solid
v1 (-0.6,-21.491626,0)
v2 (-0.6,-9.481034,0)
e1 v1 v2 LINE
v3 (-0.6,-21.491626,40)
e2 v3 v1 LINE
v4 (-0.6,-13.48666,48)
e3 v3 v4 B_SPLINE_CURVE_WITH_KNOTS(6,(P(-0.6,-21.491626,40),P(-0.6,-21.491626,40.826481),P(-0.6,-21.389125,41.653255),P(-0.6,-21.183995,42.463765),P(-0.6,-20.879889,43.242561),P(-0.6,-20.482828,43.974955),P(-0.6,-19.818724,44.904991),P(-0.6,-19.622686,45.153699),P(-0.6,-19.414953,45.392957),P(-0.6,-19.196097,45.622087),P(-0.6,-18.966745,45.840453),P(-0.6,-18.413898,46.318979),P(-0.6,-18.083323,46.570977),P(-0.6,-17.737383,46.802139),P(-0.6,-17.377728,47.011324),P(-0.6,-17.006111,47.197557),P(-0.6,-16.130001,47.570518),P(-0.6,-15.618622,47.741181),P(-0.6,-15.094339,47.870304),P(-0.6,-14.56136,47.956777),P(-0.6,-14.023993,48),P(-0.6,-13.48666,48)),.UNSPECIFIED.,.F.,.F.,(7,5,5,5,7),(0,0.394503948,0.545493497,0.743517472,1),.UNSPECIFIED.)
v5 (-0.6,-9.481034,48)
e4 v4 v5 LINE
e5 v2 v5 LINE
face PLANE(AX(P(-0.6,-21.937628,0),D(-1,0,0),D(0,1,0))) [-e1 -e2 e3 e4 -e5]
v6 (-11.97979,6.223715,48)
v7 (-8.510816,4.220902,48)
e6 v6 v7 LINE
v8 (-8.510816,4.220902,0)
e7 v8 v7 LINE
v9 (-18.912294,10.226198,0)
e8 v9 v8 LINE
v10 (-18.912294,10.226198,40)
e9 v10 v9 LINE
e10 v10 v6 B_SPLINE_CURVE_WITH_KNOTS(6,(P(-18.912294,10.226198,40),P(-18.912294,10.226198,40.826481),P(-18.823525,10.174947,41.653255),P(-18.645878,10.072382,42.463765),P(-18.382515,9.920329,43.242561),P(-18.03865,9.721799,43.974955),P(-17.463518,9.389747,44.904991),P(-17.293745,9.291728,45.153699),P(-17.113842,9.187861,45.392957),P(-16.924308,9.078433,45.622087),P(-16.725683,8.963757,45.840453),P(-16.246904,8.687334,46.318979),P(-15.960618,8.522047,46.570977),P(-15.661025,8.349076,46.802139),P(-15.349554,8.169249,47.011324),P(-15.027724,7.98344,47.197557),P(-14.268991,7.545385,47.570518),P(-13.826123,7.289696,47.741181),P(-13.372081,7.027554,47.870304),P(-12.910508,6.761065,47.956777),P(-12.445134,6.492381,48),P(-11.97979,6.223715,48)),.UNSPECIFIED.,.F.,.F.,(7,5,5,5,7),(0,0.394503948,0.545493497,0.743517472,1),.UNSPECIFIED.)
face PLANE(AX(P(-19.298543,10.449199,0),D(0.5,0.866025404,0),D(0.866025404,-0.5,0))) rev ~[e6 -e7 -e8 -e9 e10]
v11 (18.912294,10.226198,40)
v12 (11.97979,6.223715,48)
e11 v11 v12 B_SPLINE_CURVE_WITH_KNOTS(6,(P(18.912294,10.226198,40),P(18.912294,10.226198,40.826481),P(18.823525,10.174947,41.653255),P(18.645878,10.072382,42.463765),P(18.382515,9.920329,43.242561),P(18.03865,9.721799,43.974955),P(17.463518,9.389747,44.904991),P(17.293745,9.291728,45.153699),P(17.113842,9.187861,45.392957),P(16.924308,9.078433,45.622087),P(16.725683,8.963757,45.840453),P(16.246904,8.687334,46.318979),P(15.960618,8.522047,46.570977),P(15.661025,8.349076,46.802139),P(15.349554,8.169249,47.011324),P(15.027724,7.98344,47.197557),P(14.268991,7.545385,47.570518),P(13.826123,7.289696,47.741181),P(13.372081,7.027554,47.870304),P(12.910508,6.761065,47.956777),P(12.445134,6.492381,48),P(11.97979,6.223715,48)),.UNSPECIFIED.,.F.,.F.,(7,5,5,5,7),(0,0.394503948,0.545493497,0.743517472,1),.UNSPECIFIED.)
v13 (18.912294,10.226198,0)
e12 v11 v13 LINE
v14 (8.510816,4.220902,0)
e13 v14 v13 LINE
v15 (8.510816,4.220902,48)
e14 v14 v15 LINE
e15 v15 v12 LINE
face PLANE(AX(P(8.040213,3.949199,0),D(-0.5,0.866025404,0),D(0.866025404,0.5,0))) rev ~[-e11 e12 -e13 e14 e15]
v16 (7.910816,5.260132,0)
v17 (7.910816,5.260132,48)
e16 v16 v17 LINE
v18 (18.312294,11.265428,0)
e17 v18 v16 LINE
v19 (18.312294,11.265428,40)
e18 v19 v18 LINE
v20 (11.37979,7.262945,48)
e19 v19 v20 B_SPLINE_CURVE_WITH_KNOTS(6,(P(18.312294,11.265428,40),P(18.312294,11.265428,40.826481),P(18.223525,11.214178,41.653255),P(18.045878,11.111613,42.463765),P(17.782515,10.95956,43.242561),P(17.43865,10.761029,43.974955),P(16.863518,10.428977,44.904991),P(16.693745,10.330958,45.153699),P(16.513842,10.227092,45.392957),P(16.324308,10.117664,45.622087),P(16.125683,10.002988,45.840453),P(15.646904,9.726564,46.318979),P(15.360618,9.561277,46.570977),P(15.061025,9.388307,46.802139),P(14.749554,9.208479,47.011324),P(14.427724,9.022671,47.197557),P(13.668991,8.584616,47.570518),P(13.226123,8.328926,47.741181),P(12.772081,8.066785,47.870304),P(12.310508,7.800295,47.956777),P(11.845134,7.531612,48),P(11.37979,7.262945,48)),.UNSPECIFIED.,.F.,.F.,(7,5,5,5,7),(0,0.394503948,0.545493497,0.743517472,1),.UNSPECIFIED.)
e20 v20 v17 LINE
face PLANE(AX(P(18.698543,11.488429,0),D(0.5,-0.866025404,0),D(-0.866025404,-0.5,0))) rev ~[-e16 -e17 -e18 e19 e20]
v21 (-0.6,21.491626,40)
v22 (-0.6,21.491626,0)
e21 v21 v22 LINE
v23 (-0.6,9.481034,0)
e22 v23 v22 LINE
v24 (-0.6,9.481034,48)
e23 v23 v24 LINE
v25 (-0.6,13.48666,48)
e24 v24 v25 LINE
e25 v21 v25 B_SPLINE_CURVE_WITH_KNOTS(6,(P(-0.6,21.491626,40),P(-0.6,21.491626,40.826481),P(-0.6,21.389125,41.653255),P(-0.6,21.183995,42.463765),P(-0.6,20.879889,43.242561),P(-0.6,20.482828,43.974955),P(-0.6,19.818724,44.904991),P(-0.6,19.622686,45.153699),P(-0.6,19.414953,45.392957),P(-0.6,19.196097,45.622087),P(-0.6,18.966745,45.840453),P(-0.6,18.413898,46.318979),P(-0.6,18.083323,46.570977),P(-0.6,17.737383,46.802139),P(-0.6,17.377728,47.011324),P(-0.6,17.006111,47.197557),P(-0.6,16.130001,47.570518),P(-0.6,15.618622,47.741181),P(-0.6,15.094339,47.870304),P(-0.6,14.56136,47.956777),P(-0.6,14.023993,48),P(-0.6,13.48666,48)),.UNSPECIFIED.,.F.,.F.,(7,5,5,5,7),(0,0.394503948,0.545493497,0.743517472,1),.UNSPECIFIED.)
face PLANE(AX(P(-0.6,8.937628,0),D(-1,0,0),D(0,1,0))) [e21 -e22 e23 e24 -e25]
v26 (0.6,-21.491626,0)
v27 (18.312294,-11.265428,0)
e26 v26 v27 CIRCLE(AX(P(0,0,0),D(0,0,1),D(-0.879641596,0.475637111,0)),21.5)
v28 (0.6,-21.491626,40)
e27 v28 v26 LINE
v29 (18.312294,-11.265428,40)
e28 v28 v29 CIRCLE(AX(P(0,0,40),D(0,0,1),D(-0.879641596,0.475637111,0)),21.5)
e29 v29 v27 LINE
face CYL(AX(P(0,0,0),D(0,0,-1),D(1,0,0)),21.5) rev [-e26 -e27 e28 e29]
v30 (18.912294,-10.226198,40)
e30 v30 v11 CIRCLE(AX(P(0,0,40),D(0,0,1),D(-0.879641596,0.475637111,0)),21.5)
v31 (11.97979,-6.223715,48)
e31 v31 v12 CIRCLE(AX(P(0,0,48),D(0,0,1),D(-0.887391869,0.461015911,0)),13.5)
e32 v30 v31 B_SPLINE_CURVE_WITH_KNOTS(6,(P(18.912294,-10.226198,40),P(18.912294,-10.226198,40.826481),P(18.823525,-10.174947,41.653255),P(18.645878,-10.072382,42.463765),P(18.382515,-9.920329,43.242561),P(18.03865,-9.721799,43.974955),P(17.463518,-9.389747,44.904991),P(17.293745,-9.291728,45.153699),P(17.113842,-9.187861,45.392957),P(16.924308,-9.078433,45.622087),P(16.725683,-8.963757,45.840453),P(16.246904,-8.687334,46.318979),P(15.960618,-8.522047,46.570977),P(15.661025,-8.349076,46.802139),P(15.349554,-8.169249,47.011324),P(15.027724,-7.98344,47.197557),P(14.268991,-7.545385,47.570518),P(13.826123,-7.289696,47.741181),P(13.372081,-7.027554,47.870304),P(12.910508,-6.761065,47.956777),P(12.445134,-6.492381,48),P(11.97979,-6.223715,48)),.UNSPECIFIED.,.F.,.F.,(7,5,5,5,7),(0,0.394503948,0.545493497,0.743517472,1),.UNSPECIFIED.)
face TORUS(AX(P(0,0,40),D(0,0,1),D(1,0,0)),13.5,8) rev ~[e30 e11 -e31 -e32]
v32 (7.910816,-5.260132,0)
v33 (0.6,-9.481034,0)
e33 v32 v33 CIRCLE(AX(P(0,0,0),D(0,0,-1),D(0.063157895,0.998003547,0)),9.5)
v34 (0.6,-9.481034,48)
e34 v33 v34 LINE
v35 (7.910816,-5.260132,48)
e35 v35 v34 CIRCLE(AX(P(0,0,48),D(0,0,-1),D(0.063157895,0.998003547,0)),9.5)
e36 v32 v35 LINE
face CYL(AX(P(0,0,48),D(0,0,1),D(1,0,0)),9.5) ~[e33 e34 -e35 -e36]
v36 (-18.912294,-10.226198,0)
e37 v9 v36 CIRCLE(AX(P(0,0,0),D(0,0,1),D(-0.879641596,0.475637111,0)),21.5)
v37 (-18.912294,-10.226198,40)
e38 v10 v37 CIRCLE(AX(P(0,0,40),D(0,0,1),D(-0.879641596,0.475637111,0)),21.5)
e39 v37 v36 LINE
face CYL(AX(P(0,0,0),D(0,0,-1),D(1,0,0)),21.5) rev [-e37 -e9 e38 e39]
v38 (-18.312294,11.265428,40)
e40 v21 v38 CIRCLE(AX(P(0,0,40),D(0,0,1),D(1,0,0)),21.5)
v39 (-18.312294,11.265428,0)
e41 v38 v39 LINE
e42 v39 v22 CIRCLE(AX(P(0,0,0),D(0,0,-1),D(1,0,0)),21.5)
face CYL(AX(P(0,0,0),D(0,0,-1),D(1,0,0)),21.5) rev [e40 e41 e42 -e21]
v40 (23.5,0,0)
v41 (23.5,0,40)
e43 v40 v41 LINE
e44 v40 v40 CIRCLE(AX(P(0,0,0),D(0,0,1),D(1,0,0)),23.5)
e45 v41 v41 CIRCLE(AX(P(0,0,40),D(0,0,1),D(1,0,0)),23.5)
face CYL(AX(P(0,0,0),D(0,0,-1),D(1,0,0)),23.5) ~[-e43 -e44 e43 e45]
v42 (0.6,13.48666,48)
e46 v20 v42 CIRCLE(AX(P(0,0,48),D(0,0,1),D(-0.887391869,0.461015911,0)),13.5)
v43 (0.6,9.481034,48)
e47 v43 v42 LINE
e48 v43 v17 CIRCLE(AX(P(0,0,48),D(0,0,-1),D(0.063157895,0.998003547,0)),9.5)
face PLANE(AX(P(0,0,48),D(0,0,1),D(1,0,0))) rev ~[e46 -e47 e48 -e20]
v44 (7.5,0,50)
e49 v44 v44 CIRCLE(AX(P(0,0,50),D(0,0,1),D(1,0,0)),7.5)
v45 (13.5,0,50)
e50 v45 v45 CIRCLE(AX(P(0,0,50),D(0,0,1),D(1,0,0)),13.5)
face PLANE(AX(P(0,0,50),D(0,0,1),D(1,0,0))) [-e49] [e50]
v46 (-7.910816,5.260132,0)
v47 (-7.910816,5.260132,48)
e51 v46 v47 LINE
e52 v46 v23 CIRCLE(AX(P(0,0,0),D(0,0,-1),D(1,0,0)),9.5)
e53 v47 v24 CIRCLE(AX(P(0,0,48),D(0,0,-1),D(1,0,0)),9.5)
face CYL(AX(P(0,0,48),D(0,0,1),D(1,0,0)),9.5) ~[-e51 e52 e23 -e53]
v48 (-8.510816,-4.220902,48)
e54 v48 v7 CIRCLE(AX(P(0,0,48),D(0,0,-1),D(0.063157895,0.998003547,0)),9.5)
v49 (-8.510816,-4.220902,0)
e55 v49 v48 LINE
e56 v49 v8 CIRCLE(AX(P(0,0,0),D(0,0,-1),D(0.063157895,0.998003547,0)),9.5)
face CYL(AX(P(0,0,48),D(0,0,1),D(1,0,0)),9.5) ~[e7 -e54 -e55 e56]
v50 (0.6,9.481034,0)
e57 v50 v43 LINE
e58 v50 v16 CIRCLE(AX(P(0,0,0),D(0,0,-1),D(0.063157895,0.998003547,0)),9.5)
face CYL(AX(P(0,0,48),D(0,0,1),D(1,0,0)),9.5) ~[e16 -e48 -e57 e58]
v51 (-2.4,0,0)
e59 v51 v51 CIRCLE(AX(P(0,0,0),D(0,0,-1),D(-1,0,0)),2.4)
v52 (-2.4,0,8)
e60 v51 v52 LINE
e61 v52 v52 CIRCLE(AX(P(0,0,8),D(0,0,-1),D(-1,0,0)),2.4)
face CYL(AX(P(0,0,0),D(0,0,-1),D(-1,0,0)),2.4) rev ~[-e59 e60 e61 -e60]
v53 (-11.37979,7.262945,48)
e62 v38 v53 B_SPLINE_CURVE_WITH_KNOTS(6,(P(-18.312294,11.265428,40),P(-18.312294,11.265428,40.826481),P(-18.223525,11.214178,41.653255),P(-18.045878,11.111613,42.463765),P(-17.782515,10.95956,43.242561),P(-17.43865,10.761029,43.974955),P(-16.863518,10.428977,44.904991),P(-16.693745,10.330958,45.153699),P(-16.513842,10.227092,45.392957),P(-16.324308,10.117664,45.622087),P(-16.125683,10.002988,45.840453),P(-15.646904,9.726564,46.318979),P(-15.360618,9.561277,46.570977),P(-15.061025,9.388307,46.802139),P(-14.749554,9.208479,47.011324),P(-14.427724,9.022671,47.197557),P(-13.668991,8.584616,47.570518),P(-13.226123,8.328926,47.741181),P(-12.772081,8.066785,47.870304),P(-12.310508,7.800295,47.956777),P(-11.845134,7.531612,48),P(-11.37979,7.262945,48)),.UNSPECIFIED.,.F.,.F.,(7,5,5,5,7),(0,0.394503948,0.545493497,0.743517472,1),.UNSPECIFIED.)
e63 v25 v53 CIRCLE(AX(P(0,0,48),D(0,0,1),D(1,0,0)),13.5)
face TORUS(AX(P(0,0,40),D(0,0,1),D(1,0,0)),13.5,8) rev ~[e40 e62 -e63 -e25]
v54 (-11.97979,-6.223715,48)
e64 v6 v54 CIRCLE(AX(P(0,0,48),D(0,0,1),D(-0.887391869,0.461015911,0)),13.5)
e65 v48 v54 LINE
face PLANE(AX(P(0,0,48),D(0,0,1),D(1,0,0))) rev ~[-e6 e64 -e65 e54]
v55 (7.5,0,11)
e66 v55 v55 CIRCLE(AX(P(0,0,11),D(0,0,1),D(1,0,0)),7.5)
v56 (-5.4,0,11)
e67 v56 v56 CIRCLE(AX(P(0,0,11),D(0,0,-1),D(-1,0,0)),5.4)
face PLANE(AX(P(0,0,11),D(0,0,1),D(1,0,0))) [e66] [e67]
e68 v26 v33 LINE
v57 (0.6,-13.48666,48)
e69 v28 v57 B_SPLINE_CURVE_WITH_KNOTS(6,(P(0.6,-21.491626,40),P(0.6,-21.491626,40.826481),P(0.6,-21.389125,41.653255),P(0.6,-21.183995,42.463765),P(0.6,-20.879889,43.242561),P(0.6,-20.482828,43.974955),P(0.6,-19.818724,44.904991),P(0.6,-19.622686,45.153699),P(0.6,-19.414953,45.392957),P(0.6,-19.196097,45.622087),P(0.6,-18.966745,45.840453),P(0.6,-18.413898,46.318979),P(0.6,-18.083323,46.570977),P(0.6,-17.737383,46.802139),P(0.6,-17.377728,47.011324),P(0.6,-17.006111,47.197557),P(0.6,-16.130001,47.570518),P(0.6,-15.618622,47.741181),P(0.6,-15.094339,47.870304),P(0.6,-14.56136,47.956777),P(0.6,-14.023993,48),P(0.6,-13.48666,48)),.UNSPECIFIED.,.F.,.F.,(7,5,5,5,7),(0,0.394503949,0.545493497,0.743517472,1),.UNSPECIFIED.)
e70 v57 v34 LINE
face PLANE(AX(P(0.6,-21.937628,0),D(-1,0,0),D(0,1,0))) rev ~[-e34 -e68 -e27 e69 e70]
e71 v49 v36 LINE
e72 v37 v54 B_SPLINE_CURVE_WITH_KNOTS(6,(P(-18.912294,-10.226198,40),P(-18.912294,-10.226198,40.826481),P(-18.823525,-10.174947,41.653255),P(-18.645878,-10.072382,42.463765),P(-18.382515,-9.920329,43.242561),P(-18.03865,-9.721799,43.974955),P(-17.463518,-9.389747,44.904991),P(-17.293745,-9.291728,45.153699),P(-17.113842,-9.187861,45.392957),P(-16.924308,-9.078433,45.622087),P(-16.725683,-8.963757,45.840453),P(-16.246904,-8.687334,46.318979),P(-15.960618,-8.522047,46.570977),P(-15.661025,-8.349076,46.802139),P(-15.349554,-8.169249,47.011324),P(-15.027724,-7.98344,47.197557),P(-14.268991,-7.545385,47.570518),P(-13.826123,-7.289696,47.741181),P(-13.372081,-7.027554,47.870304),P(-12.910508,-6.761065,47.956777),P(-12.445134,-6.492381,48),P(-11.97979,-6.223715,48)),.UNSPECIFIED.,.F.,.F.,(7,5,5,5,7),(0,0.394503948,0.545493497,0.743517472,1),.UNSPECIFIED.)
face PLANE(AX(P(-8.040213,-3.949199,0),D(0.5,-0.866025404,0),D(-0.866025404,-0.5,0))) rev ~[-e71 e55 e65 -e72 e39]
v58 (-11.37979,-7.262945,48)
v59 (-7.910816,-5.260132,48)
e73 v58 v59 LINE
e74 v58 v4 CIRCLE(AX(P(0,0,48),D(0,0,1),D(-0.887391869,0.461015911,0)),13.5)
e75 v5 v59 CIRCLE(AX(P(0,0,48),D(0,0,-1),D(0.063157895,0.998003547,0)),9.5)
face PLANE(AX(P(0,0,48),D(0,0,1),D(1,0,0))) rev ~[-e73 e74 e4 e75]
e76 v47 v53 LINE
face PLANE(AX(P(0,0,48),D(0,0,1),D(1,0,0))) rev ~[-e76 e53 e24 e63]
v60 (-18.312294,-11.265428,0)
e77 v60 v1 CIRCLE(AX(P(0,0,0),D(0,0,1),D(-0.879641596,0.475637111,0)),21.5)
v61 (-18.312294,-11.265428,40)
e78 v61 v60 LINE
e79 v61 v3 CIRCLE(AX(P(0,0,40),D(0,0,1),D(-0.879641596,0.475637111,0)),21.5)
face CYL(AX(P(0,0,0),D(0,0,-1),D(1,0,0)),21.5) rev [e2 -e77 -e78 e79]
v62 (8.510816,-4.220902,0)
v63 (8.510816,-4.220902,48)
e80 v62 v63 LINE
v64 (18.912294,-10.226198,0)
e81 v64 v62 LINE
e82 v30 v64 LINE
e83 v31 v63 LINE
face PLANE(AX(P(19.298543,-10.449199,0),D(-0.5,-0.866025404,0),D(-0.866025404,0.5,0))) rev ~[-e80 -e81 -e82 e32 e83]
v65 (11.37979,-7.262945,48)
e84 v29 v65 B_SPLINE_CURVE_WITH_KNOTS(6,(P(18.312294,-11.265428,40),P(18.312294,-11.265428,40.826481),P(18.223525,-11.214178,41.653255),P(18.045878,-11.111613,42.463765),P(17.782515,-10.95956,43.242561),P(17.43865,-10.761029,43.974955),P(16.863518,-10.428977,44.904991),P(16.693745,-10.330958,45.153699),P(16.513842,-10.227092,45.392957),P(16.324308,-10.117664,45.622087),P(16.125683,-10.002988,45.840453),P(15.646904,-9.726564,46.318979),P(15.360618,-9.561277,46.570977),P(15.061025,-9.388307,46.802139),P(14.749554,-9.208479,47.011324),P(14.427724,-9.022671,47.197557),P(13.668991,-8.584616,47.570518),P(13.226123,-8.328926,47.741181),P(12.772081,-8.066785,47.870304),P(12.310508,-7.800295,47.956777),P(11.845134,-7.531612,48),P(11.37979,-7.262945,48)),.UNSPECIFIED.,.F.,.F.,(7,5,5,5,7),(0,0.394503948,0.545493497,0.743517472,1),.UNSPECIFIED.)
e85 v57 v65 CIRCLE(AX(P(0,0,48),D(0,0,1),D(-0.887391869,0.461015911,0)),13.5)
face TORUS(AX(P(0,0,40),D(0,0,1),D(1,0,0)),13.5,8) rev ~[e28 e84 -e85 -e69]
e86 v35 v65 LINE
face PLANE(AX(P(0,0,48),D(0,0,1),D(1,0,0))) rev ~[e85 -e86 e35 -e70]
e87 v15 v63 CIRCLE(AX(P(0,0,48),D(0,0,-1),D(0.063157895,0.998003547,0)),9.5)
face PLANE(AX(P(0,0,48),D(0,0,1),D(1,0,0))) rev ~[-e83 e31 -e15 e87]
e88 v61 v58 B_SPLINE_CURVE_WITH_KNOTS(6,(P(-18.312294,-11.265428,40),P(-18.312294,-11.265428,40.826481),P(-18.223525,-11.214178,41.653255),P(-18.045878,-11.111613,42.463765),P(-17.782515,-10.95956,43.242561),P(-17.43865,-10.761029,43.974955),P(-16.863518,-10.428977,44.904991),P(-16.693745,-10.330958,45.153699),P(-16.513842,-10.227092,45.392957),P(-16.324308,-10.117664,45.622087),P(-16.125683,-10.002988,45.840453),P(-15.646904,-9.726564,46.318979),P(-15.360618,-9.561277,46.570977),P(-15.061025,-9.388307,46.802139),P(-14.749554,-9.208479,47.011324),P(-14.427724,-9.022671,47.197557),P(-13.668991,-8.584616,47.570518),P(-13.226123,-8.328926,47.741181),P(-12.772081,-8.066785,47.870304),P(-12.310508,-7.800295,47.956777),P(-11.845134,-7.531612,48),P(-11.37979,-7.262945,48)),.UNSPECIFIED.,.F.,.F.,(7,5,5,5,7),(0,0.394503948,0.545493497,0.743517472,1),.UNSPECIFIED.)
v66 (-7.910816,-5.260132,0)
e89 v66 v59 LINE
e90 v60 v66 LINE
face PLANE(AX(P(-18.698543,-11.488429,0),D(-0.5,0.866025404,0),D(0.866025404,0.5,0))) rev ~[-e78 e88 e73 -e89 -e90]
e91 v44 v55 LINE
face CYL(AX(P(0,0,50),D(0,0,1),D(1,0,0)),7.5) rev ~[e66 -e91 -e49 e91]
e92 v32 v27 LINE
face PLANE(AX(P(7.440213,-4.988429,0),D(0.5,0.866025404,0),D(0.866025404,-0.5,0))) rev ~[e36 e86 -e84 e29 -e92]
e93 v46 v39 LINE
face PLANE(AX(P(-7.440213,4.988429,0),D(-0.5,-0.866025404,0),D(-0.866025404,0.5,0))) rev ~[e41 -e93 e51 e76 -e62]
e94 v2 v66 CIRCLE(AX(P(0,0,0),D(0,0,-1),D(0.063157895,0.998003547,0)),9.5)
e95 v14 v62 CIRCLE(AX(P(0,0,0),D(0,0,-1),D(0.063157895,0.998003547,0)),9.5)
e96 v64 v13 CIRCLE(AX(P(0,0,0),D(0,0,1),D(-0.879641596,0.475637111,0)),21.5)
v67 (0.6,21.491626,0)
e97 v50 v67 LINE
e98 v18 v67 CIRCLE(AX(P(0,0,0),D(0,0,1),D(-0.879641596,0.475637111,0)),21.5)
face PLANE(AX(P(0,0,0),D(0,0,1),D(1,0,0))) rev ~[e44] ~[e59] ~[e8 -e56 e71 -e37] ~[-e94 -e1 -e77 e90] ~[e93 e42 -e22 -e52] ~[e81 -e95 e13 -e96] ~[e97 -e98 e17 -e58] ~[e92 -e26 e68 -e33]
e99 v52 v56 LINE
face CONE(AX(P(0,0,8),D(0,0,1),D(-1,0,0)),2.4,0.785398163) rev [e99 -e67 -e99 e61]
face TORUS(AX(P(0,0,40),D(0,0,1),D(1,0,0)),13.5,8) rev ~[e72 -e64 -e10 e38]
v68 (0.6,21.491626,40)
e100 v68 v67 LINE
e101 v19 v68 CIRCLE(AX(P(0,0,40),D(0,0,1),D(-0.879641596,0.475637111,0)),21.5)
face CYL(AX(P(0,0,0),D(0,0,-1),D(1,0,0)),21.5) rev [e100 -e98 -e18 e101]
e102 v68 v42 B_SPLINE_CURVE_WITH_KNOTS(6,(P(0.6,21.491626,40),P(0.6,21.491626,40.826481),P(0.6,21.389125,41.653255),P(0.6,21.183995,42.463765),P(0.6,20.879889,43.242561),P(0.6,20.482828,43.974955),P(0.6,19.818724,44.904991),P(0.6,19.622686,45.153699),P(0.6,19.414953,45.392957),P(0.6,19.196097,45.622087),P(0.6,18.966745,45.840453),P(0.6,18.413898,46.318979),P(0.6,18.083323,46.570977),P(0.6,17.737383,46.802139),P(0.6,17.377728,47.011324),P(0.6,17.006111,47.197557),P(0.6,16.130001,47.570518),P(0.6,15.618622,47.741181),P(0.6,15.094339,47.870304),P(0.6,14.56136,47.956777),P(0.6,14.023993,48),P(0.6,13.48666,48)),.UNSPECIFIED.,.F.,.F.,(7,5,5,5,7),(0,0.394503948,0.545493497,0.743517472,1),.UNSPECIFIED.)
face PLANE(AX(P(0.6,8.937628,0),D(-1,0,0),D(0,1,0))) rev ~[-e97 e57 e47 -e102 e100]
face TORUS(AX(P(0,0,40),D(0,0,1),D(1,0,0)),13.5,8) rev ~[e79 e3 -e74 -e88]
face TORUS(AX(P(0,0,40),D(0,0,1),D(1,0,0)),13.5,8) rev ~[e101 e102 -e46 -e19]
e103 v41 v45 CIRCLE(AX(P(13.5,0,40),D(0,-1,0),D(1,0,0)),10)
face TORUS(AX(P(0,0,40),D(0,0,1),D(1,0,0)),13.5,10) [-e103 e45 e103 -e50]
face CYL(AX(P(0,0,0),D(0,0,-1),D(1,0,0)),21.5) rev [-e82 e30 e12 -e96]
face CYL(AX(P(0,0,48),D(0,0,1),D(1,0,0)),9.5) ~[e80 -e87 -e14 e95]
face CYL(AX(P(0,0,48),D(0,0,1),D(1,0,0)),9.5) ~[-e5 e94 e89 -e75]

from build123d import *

# Parameters (mm, degrees)
SKETCH_2_R          = 23.5
EXTRUDE_1_DEPTH     = 50
FILLET_3_R          = 10
SHELL_2_T           = -2
SKETCH_5_R          = 9.5
EXTRUDE_2_DEPTH     = 48
SKETCH_6_R          = 2.4
CUT_EXTRUDE_1_DEPTH = 61.037488289
EXTRUDE_3_REACH     = 62.037
SKETCH_7_W          = 1.2
SKETCH_7_H          = 13
SKETCH_8_R          = 7.5
CUT_EXTRUDE_2_DEPTH = 39
CHAMFER_1_SIZE      = 3


with BuildPart() as part:
    # Эскиз2 → Бобышка-Вытянуть1 (new body)
    with BuildSketch(Plane.XY):
        Circle(SKETCH_2_R)
    extrude(amount=EXTRUDE_1_DEPTH)

    # Скругление3
    fillet_3_edges = [part.edges().sort_by_distance(p)[0] for p in [
        (-23.5, 0, 50),
    ]]
    fillet(fillet_3_edges, radius=FILLET_3_R)

    # Оболочка2
    shell_2_openings = [part.faces().sort_by_distance(p)[0] for p in [
        (0, 0, 0),
    ]]
    offset(amount=SHELL_2_T, openings=shell_2_openings, kind=Kind.INTERSECTION)

    # Эскиз5 → Бобышка-Вытянуть2 (add)
    with BuildSketch(Plane(origin=(0, 0, 48), x_dir=(-1, 0, 0), z_dir=(0, 0, -1))):
        with Locations(Location((0, 0, 0), (0, 0, 180))):
            Circle(SKETCH_5_R)
    extrude(amount=EXTRUDE_2_DEPTH)

    # Эскиз6 → Вырез-Вытянуть1 (cut, through all)
    with BuildSketch(Plane(origin=(0, 0, 0), x_dir=(-1, 0, 0), z_dir=(0, 0, -1))):
        Circle(SKETCH_6_R)
    extrude(amount=-CUT_EXTRUDE_1_DEPTH, mode=Mode.SUBTRACT)

    # Эскиз7 → Бобышка-Вытянуть3 (add, up to next)
    with BuildSketch(Plane(origin=(0, 0, 0), x_dir=(-1, 0, 0), z_dir=(0, 0, -1)), mode=Mode.PRIVATE) as extrude_3_sk1:
        with Locations((0, 15.437627965)):
            Rectangle(SKETCH_7_W, SKETCH_7_H)
    extrude_3_tool1 = extrude(extrude_3_sk1.sketch, amount=-EXTRUDE_3_REACH, mode=Mode.PRIVATE) - part.part
    # Эскиз7 → Бобышка-Вытянуть3 (add, up to next)
    with BuildSketch(Plane(origin=(0, 0, 0), x_dir=(-1, 0, 0), z_dir=(0, 0, -1)), mode=Mode.PRIVATE) as extrude_3_sk2:
        Polygon((7.440212867, 4.988429225), (18.698543116, 11.488429225), (19.298543116, 10.44919874), (8.040212867, 3.94919874), align=None)
    extrude_3_tool2 = extrude(extrude_3_sk2.sketch, amount=-EXTRUDE_3_REACH, mode=Mode.PRIVATE) - part.part
    # Эскиз7 → Бобышка-Вытянуть3 (add, up to next)
    with BuildSketch(Plane(origin=(0, 0, 0), x_dir=(-1, 0, 0), z_dir=(0, 0, -1)), mode=Mode.PRIVATE) as extrude_3_sk3:
        Polygon((8.040212867, -3.94919874), (19.298543117, -10.44919874), (18.698543117, -11.488429225), (7.440212867, -4.988429225), align=None)
    extrude_3_tool3 = extrude(extrude_3_sk3.sketch, amount=-EXTRUDE_3_REACH, mode=Mode.PRIVATE) - part.part
    # Эскиз7 → Бобышка-Вытянуть3 (add, up to next)
    with BuildSketch(Plane(origin=(0, 0, 0), x_dir=(-1, 0, 0), z_dir=(0, 0, -1)), mode=Mode.PRIVATE) as extrude_3_sk4:
        with Locations((0, -15.437627965)):
            Rectangle(SKETCH_7_W, SKETCH_7_H)
    extrude_3_tool4 = extrude(extrude_3_sk4.sketch, amount=-EXTRUDE_3_REACH, mode=Mode.PRIVATE) - part.part
    # Эскиз7 → Бобышка-Вытянуть3 (add, up to next)
    with BuildSketch(Plane(origin=(0, 0, 0), x_dir=(-1, 0, 0), z_dir=(0, 0, -1)), mode=Mode.PRIVATE) as extrude_3_sk5:
        Polygon((-7.440212867, -4.988429225), (-18.698543116, -11.488429225), (-19.298543116, -10.44919874), (-8.040212867, -3.94919874), align=None)
    extrude_3_tool5 = extrude(extrude_3_sk5.sketch, amount=-EXTRUDE_3_REACH, mode=Mode.PRIVATE) - part.part
    # Эскиз7 → Бобышка-Вытянуть3 (add, up to next)
    with BuildSketch(Plane(origin=(0, 0, 0), x_dir=(-1, 0, 0), z_dir=(0, 0, -1)), mode=Mode.PRIVATE) as extrude_3_sk6:
        Polygon((-8.040212867, 3.94919874), (-19.298543116, 10.44919874), (-18.698543116, 11.488429225), (-7.440212867, 4.988429225), align=None)
    extrude_3_tool6 = extrude(extrude_3_sk6.sketch, amount=-EXTRUDE_3_REACH, mode=Mode.PRIVATE) - part.part
    add(extrude_3_tool1.solids().sort_by_distance((0, 15.437628, 0))[0])
    add(extrude_3_tool2.solids().sort_by_distance((-13.369378, 7.718814, 0))[0])
    add(extrude_3_tool3.solids().sort_by_distance((-13.369378, -7.718814, 0))[0])
    add(extrude_3_tool4.solids().sort_by_distance((0, -15.437628, 0))[0])
    add(extrude_3_tool5.solids().sort_by_distance((13.369378, -7.718814, 0))[0])
    add(extrude_3_tool6.solids().sort_by_distance((13.369378, 7.718814, 0))[0])

    # Эскиз8 → Вырез-Вытянуть2 (cut)
    with BuildSketch(Plane.XY.offset(50)):
        Circle(SKETCH_8_R)
    extrude(amount=-CUT_EXTRUDE_2_DEPTH, mode=Mode.SUBTRACT)

    # Фаска1
    chamfer_1_edges = [part.edges().sort_by_distance(p)[0] for p in [
        (2.4, 0, 11),
    ]]
    chamfer(chamfer_1_edges, length=CHAMFER_1_SIZE)


solid = part.part
